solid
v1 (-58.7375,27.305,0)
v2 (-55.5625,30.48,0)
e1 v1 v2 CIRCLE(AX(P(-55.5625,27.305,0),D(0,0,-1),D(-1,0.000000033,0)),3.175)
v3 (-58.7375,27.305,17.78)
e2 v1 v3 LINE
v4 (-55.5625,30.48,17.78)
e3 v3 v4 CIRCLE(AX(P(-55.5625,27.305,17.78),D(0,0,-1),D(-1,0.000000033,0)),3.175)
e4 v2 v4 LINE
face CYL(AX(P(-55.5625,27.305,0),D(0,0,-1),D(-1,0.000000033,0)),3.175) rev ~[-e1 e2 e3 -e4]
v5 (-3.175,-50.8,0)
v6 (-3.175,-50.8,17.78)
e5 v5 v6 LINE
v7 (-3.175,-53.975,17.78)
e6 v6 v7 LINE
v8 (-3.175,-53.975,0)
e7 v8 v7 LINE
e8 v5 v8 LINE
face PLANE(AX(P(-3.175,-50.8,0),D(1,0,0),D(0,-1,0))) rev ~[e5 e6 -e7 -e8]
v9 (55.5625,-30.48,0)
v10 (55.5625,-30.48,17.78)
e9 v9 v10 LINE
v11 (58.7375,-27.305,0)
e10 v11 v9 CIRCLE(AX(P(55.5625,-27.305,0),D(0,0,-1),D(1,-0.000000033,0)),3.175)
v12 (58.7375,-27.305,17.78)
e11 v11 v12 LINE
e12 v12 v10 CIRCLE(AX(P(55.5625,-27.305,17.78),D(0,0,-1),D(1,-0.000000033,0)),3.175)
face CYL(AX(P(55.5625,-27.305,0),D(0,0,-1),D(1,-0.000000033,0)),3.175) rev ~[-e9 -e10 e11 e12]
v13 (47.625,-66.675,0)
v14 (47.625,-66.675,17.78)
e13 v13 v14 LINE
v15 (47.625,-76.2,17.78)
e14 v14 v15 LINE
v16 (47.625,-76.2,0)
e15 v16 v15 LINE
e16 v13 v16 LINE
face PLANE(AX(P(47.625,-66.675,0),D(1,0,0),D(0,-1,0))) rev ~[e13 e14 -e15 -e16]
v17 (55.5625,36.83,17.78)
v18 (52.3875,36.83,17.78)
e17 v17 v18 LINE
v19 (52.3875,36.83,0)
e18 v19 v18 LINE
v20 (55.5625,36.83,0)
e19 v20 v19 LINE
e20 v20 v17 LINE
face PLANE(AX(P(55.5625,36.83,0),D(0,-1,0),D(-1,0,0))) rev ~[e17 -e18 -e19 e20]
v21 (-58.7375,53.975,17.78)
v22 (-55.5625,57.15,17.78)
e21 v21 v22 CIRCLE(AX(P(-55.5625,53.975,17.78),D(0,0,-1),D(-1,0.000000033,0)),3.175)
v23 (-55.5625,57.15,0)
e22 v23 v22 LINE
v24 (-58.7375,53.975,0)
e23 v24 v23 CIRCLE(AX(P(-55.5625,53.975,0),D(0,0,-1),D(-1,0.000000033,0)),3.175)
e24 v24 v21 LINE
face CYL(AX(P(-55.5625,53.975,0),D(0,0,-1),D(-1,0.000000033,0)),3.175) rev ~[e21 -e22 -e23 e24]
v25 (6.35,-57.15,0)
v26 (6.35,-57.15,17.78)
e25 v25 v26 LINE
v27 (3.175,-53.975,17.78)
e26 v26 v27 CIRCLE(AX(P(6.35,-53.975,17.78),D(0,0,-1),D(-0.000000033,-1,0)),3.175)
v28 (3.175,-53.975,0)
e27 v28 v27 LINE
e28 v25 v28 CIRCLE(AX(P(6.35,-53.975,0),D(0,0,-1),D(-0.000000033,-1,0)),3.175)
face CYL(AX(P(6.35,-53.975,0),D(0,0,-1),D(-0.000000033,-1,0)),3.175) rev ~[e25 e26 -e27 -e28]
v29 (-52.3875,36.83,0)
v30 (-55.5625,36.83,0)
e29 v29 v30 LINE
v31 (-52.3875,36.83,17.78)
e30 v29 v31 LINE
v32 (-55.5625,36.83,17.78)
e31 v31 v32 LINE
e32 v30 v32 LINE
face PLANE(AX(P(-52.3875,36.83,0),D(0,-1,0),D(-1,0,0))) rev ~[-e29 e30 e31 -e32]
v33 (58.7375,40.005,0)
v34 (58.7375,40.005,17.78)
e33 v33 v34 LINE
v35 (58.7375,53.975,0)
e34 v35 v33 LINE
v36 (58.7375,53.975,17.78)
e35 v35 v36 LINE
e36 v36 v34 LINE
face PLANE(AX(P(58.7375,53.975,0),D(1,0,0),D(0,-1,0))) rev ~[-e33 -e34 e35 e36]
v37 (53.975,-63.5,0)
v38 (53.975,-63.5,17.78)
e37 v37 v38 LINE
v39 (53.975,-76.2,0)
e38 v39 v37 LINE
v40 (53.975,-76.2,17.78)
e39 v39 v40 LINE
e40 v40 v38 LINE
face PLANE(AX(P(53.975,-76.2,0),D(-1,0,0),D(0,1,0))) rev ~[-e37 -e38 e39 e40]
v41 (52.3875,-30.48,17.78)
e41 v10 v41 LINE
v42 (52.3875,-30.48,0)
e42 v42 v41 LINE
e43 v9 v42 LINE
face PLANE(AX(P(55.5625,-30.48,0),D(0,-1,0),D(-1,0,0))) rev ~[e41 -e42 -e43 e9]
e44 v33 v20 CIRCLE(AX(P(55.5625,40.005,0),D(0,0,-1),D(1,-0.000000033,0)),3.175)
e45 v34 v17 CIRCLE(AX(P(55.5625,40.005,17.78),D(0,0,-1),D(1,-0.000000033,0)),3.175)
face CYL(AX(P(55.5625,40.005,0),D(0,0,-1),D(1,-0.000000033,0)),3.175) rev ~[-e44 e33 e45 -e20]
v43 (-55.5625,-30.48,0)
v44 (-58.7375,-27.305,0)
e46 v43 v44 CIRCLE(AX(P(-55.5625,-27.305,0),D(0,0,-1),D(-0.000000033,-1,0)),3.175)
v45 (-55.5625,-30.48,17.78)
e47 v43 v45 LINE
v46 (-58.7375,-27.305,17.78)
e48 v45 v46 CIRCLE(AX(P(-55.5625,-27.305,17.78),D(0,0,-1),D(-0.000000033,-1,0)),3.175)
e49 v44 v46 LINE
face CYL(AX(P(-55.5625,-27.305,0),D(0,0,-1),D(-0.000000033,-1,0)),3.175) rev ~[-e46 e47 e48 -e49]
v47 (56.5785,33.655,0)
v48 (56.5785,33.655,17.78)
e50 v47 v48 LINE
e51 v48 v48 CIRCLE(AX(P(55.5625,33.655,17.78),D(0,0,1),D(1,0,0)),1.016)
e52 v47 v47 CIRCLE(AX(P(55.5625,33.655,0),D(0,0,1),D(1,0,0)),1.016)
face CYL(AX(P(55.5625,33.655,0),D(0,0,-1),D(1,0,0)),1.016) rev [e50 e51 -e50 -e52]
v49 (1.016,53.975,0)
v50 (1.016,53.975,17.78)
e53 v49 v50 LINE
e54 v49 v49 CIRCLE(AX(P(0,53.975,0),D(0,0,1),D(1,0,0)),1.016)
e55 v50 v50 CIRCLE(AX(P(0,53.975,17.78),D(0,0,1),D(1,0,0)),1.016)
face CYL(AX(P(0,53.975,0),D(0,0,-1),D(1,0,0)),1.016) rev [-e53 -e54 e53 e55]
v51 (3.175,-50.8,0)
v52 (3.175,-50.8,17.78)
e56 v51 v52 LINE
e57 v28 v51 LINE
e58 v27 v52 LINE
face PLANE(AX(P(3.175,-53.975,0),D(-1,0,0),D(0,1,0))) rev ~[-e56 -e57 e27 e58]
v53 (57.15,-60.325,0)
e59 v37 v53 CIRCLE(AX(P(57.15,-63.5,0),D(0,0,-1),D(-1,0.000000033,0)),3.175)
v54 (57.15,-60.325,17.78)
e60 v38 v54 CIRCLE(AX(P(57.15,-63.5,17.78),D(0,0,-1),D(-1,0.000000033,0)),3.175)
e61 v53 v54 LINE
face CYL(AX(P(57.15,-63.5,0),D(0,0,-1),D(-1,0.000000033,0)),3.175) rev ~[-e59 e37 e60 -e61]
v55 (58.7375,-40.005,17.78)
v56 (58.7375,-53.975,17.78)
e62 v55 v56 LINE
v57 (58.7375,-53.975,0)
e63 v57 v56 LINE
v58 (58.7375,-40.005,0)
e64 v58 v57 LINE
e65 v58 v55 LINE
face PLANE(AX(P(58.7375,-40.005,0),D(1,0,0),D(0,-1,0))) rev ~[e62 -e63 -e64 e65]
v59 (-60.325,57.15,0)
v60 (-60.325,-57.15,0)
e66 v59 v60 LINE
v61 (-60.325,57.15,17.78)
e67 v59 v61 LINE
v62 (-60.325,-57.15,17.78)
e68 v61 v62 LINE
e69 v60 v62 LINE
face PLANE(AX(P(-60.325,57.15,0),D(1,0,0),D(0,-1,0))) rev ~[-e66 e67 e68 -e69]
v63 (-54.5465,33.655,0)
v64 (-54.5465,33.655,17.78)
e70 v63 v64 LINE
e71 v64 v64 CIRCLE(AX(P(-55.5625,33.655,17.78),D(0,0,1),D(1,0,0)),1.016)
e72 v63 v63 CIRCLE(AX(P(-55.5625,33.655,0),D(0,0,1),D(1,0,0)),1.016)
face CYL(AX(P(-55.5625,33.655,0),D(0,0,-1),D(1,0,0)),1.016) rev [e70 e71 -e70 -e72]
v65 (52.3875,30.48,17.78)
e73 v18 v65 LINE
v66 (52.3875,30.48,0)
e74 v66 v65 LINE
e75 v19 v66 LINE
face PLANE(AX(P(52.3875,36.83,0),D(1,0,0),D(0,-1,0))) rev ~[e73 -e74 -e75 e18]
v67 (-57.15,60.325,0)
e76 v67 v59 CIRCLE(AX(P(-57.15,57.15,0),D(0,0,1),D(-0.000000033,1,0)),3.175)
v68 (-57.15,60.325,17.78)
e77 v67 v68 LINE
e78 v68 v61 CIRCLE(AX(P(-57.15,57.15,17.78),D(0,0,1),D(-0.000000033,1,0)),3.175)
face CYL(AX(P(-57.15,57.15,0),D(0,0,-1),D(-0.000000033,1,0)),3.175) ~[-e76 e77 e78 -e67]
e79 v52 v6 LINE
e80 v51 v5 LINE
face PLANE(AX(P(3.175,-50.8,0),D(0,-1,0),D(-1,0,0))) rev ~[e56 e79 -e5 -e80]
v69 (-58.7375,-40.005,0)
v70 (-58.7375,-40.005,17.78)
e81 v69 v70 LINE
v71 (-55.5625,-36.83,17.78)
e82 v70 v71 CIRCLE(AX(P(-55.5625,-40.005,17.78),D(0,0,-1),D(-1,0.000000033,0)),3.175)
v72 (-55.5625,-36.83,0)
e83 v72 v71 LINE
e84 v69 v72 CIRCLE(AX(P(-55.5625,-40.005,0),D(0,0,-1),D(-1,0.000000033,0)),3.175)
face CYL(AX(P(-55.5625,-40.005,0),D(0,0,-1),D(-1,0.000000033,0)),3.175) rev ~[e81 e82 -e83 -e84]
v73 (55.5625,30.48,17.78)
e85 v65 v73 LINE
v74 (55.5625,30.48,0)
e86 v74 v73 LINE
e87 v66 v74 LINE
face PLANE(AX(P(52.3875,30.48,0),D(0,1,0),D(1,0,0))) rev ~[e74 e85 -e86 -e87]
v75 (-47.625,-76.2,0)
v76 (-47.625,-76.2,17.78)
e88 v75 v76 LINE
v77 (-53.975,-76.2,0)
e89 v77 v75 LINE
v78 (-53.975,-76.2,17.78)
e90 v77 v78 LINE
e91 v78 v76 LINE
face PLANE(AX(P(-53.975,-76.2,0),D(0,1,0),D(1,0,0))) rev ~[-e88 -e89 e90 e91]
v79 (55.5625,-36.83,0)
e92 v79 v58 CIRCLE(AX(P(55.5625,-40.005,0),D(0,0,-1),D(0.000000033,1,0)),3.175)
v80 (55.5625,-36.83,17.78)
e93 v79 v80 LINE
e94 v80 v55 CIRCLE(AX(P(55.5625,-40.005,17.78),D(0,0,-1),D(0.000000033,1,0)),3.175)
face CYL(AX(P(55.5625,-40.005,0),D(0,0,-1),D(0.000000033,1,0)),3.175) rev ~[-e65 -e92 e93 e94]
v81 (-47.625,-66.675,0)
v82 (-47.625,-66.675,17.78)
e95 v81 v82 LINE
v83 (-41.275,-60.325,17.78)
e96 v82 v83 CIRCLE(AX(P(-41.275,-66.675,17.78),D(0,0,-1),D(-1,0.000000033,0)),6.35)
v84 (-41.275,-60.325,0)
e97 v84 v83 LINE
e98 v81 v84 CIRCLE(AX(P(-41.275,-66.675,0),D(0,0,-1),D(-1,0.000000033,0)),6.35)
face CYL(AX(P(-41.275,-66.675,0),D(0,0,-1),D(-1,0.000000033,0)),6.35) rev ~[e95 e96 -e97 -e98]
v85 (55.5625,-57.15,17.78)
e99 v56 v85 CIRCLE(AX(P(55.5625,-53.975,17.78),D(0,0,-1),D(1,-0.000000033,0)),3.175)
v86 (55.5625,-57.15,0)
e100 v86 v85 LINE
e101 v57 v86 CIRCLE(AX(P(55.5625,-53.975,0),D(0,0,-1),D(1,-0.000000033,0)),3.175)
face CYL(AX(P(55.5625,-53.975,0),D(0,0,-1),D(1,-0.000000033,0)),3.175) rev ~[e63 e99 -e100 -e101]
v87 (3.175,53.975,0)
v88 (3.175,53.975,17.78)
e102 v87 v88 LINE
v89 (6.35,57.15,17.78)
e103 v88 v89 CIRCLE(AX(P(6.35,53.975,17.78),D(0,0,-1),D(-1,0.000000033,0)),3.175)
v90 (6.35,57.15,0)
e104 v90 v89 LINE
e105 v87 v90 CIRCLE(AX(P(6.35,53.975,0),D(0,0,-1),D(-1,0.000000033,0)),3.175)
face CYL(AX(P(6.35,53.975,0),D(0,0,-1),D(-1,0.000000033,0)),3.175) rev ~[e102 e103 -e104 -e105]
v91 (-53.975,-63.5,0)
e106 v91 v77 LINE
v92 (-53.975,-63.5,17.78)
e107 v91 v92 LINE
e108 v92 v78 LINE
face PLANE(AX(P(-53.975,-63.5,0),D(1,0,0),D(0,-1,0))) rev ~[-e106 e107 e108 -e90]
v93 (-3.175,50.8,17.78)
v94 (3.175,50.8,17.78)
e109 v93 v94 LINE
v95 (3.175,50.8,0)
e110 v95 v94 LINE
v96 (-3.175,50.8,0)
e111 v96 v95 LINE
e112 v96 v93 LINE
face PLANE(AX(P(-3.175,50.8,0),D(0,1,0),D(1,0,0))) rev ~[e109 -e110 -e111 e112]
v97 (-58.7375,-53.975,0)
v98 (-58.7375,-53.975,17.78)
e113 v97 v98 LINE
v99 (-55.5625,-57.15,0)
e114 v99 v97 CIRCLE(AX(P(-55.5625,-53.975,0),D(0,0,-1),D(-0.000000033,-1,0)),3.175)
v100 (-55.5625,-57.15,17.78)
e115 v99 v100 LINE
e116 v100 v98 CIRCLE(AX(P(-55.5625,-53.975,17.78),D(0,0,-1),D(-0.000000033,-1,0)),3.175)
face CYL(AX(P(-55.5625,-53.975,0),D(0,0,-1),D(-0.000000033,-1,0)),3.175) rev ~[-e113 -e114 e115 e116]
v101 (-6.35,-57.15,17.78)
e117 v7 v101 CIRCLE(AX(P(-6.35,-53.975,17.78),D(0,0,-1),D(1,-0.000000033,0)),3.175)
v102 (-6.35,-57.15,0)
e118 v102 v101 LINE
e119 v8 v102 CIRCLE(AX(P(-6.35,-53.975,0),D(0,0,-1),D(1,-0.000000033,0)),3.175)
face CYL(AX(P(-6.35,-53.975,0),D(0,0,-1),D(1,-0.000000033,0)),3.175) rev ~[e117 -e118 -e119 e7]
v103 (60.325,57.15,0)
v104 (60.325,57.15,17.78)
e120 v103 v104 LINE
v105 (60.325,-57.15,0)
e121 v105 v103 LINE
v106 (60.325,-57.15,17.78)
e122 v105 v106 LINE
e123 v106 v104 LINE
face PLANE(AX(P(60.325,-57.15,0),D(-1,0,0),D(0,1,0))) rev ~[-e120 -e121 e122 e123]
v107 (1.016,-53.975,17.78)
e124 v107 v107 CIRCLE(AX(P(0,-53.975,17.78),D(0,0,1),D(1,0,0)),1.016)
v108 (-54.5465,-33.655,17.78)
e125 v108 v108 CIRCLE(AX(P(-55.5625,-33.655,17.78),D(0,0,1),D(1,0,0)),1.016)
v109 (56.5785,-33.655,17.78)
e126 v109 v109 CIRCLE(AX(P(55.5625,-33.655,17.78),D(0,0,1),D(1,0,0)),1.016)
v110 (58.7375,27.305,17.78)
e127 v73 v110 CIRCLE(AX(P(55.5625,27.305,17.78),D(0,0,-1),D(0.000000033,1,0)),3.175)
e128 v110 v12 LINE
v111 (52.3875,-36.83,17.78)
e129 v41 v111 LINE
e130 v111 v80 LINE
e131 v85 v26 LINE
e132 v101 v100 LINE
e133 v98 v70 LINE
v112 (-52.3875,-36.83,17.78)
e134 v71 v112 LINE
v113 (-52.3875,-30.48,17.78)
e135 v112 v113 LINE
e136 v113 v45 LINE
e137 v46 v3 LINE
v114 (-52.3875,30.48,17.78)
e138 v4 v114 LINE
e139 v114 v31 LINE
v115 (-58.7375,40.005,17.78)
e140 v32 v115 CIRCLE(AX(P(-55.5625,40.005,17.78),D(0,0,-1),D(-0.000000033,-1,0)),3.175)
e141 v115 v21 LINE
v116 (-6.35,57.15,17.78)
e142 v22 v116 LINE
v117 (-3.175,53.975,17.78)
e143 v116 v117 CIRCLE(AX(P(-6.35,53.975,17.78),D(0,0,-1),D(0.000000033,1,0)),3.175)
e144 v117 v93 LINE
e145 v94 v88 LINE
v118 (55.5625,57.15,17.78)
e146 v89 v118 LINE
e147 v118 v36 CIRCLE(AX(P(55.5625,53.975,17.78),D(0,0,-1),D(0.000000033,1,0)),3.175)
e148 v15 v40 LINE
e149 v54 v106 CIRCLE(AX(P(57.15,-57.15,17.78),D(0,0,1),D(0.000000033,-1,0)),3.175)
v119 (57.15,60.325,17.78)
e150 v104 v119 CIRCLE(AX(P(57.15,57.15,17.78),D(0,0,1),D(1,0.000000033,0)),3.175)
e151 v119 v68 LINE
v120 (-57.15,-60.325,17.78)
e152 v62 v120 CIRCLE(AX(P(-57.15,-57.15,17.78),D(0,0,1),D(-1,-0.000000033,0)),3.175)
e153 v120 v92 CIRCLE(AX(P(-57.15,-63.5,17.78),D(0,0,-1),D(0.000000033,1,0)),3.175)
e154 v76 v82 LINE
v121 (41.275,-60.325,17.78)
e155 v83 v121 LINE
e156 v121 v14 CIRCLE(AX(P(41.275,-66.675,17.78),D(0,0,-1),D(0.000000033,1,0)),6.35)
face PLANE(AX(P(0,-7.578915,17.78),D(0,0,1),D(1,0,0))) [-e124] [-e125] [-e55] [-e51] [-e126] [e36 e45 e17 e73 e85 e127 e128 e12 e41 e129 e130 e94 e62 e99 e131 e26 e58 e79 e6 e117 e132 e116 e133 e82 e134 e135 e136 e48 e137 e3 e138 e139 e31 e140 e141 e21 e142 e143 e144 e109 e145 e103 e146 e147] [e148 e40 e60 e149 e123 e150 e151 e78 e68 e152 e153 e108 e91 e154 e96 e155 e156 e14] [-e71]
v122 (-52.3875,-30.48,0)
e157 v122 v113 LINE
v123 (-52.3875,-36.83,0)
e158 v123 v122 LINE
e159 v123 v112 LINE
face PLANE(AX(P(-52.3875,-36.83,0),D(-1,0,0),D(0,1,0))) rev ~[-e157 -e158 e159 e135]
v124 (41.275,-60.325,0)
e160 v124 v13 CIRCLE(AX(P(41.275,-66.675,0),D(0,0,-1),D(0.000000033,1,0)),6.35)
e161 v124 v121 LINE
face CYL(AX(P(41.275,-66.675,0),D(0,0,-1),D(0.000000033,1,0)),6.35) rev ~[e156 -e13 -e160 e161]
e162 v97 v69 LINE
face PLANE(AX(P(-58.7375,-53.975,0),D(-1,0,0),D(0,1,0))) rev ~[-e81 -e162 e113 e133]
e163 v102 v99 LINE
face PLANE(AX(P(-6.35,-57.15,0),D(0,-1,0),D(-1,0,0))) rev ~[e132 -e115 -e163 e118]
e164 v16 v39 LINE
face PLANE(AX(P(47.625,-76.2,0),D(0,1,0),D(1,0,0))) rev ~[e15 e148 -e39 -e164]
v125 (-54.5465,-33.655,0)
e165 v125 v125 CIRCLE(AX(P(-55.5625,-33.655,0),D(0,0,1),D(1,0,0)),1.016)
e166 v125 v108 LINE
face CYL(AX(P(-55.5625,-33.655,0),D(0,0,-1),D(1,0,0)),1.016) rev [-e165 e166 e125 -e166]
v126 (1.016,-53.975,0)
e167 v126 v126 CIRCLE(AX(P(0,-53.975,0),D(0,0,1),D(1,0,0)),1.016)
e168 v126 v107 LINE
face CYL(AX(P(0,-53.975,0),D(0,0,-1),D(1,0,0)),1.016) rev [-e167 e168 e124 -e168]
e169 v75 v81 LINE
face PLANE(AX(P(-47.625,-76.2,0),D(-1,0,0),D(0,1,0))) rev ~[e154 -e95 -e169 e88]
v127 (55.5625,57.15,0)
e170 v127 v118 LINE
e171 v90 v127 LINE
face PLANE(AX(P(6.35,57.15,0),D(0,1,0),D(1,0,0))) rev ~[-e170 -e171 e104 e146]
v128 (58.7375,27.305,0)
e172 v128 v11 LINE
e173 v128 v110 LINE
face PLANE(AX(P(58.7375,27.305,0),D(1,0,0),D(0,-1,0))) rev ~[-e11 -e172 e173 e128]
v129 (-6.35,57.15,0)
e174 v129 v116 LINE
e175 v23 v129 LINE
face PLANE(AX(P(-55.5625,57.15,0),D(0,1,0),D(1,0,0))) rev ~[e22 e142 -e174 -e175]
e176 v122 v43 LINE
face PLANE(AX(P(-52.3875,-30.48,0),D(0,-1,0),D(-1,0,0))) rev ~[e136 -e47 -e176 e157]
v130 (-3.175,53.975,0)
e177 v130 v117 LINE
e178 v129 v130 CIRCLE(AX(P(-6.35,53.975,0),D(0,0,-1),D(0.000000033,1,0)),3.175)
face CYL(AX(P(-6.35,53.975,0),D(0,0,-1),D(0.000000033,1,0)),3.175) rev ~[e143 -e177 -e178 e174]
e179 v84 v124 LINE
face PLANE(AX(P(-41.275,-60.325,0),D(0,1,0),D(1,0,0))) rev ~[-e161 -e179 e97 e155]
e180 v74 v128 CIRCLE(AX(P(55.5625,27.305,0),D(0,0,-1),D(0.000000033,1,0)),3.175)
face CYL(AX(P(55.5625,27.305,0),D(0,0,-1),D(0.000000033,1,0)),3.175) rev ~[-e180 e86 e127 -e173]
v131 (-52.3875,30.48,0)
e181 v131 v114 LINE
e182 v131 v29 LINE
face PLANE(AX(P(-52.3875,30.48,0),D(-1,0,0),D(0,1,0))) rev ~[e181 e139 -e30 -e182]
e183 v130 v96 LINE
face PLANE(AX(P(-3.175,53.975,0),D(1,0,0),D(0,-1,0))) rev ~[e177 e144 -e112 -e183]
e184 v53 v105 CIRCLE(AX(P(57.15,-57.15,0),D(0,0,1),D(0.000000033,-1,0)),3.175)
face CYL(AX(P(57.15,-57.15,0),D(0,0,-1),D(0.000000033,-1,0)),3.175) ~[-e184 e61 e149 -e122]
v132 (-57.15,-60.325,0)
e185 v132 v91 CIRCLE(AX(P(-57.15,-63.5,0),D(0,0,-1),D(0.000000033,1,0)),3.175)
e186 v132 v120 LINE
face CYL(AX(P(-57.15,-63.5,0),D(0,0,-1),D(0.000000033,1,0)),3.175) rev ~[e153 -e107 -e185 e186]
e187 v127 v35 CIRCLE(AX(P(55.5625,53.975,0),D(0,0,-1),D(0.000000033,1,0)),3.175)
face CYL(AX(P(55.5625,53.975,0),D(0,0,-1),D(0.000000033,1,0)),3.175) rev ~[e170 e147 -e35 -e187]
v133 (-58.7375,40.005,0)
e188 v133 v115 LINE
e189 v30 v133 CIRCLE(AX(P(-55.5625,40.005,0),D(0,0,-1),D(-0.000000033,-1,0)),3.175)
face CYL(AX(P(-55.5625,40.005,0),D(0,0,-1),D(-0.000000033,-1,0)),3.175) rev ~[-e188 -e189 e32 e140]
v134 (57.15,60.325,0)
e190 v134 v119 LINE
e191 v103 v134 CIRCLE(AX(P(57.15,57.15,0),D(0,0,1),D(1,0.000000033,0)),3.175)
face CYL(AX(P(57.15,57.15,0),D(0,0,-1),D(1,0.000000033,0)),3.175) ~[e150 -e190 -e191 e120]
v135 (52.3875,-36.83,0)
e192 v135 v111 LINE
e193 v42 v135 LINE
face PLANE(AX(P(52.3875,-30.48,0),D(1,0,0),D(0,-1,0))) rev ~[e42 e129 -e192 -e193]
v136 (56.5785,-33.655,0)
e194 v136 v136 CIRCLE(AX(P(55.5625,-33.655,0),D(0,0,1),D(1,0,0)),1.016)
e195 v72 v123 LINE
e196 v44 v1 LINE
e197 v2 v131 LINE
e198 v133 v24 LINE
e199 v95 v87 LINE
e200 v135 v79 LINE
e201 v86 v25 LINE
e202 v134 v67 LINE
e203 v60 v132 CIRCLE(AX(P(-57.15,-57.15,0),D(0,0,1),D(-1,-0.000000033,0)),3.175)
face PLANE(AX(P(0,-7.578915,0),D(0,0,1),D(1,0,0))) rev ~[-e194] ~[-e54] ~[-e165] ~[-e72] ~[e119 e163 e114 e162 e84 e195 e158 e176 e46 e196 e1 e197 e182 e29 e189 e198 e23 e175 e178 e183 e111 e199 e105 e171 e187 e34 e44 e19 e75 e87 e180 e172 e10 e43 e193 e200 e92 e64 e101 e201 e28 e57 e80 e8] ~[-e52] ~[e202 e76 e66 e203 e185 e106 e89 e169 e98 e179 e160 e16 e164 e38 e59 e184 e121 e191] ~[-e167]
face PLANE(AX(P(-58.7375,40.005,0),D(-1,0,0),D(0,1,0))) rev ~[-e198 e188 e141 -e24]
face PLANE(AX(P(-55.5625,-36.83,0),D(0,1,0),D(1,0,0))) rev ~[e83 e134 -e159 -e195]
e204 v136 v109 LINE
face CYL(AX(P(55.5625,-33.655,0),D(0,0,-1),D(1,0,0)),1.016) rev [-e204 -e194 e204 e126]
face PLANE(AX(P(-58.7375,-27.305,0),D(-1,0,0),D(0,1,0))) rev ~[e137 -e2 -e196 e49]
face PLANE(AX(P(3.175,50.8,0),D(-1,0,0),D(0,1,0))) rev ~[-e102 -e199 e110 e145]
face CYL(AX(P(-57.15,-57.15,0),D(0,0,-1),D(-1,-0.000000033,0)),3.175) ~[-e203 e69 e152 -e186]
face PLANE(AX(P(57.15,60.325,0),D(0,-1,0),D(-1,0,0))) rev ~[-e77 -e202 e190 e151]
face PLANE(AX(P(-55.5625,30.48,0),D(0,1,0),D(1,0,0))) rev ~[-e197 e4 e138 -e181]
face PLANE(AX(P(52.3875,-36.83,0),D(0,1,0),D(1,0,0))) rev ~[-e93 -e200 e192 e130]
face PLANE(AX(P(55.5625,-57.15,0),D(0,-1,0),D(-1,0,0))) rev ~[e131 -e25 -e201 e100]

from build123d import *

# Parameters (mm, degrees)
F0_R     = 1.016
F1_DEPTH = 17.78


with BuildPart() as f1:
    # F0 (on Top) → F1 (new body)
    with BuildSketch(Plane.XY):
        with BuildLine():
            Line((57.15, 60.325), (-57.15, 60.325))
            ThreePointArc((-57.15, 60.325), (-59.395064, 59.395064), (-60.325, 57.15))
            Line((-60.325, 57.15), (-60.325, -57.15))
            ThreePointArc((-60.325, -57.15), (-59.395064, -59.395064), (-57.15, -60.325))
            ThreePointArc((-57.15, -60.325), (-54.904936, -61.254936), (-53.975, -63.5))
            Line((-53.975, -63.5), (-53.975, -76.2))
            Line((-53.975, -76.2), (-47.625, -76.2))
            Line((-47.625, -76.2), (-47.625, -66.675))
            ThreePointArc((-47.625, -66.675), (-45.765128, -62.184872), (-41.275, -60.325))
            Line((-41.275, -60.325), (41.275, -60.325))
            ThreePointArc((41.275, -60.325), (45.765128, -62.184872), (47.625, -66.675))
            Line((47.625, -66.675), (47.625, -76.2))
            Line((47.625, -76.2), (53.975, -76.2))
            Line((53.975, -76.2), (53.975, -63.5))
            ThreePointArc((53.975, -63.5), (54.904936, -61.254936), (57.15, -60.325))
            ThreePointArc((57.15, -60.325), (59.395064, -59.395064), (60.325, -57.15))
            Line((60.325, -57.15), (60.325, 57.15))
            ThreePointArc((60.325, 57.15), (59.395064, 59.395064), (57.15, 60.325))
        make_face()
        with Locations((-55.5625, -33.655)):
            Circle(F0_R, mode=Mode.SUBTRACT)
        with Locations((0, -53.975)):
            Circle(F0_R, mode=Mode.SUBTRACT)
        with Locations((55.5625, -33.655)):
            Circle(F0_R, mode=Mode.SUBTRACT)
        with Locations((-55.5625, 33.655)):
            Circle(F0_R, mode=Mode.SUBTRACT)
        with BuildLine():
            ThreePointArc((-58.7375, 53.975), (-57.807564, 56.220064), (-55.5625, 57.15))
            Line((-55.5625, 57.15), (-6.35, 57.15))
            ThreePointArc((-6.35, 57.15), (-4.104936, 56.220064), (-3.175, 53.975))
            Line((-3.175, 53.975), (-3.175, 50.8))
            Line((-3.175, 50.8), (3.175, 50.8))
            Line((3.175, 50.8), (3.175, 53.975))
            ThreePointArc((3.175, 53.975), (4.104936, 56.220064), (6.35, 57.15))
            Line((6.35, 57.15), (55.5625, 57.15))
            ThreePointArc((55.5625, 57.15), (57.807564, 56.220064), (58.7375, 53.975))
            Line((58.7375, 53.975), (58.7375, 40.005))
            ThreePointArc((58.7375, 40.005), (57.807564, 37.759936), (55.5625, 36.83))
            Line((55.5625, 36.83), (52.3875, 36.83))
            Line((52.3875, 36.83), (52.3875, 30.48))
            Line((52.3875, 30.48), (55.5625, 30.48))
            ThreePointArc((55.5625, 30.48), (57.807564, 29.550064), (58.7375, 27.305))
            Line((58.7375, 27.305), (58.7375, -27.305))
            ThreePointArc((58.7375, -27.305), (57.807564, -29.550064), (55.5625, -30.48))
            Line((55.5625, -30.48), (52.3875, -30.48))
            Line((52.3875, -30.48), (52.3875, -36.83))
            Line((52.3875, -36.83), (55.5625, -36.83))
            ThreePointArc((55.5625, -36.83), (57.807564, -37.759936), (58.7375, -40.005))
            Line((58.7375, -40.005), (58.7375, -53.975))
            ThreePointArc((58.7375, -53.975), (57.807564, -56.220064), (55.5625, -57.15))
            Line((55.5625, -57.15), (6.35, -57.15))
            ThreePointArc((6.35, -57.15), (4.104936, -56.220064), (3.175, -53.975))
            Line((3.175, -53.975), (3.175, -50.8))
            Line((3.175, -50.8), (-3.175, -50.8))
            Line((-3.175, -50.8), (-3.175, -53.975))
            ThreePointArc((-3.175, -53.975), (-4.104936, -56.220064), (-6.35, -57.15))
            Line((-6.35, -57.15), (-55.5625, -57.15))
            ThreePointArc((-55.5625, -57.15), (-57.807564, -56.220064), (-58.7375, -53.975))
            Line((-58.7375, -53.975), (-58.7375, -40.005))
            ThreePointArc((-58.7375, -40.005), (-57.807564, -37.759936), (-55.5625, -36.83))
            Line((-55.5625, -36.83), (-52.3875, -36.83))
            Line((-52.3875, -36.83), (-52.3875, -30.48))
            Line((-52.3875, -30.48), (-55.5625, -30.48))
            ThreePointArc((-55.5625, -30.48), (-57.807564, -29.550064), (-58.7375, -27.305))
            Line((-58.7375, -27.305), (-58.7375, 27.305))
            ThreePointArc((-58.7375, 27.305), (-57.807564, 29.550064), (-55.5625, 30.48))
            Line((-55.5625, 30.48), (-52.3875, 30.48))
            Line((-52.3875, 30.48), (-52.3875, 36.83))
            Line((-52.3875, 36.83), (-55.5625, 36.83))
            ThreePointArc((-55.5625, 36.83), (-57.807564, 37.759936), (-58.7375, 40.005))
            Line((-58.7375, 40.005), (-58.7375, 53.975))
        make_face(mode=Mode.SUBTRACT)
        with Locations((0, 53.975)):
            Circle(F0_R, mode=Mode.SUBTRACT)
        with Locations((55.5625, 33.655)):
            Circle(F0_R, mode=Mode.SUBTRACT)
    extrude(amount=F1_DEPTH)


solid = f1.part
